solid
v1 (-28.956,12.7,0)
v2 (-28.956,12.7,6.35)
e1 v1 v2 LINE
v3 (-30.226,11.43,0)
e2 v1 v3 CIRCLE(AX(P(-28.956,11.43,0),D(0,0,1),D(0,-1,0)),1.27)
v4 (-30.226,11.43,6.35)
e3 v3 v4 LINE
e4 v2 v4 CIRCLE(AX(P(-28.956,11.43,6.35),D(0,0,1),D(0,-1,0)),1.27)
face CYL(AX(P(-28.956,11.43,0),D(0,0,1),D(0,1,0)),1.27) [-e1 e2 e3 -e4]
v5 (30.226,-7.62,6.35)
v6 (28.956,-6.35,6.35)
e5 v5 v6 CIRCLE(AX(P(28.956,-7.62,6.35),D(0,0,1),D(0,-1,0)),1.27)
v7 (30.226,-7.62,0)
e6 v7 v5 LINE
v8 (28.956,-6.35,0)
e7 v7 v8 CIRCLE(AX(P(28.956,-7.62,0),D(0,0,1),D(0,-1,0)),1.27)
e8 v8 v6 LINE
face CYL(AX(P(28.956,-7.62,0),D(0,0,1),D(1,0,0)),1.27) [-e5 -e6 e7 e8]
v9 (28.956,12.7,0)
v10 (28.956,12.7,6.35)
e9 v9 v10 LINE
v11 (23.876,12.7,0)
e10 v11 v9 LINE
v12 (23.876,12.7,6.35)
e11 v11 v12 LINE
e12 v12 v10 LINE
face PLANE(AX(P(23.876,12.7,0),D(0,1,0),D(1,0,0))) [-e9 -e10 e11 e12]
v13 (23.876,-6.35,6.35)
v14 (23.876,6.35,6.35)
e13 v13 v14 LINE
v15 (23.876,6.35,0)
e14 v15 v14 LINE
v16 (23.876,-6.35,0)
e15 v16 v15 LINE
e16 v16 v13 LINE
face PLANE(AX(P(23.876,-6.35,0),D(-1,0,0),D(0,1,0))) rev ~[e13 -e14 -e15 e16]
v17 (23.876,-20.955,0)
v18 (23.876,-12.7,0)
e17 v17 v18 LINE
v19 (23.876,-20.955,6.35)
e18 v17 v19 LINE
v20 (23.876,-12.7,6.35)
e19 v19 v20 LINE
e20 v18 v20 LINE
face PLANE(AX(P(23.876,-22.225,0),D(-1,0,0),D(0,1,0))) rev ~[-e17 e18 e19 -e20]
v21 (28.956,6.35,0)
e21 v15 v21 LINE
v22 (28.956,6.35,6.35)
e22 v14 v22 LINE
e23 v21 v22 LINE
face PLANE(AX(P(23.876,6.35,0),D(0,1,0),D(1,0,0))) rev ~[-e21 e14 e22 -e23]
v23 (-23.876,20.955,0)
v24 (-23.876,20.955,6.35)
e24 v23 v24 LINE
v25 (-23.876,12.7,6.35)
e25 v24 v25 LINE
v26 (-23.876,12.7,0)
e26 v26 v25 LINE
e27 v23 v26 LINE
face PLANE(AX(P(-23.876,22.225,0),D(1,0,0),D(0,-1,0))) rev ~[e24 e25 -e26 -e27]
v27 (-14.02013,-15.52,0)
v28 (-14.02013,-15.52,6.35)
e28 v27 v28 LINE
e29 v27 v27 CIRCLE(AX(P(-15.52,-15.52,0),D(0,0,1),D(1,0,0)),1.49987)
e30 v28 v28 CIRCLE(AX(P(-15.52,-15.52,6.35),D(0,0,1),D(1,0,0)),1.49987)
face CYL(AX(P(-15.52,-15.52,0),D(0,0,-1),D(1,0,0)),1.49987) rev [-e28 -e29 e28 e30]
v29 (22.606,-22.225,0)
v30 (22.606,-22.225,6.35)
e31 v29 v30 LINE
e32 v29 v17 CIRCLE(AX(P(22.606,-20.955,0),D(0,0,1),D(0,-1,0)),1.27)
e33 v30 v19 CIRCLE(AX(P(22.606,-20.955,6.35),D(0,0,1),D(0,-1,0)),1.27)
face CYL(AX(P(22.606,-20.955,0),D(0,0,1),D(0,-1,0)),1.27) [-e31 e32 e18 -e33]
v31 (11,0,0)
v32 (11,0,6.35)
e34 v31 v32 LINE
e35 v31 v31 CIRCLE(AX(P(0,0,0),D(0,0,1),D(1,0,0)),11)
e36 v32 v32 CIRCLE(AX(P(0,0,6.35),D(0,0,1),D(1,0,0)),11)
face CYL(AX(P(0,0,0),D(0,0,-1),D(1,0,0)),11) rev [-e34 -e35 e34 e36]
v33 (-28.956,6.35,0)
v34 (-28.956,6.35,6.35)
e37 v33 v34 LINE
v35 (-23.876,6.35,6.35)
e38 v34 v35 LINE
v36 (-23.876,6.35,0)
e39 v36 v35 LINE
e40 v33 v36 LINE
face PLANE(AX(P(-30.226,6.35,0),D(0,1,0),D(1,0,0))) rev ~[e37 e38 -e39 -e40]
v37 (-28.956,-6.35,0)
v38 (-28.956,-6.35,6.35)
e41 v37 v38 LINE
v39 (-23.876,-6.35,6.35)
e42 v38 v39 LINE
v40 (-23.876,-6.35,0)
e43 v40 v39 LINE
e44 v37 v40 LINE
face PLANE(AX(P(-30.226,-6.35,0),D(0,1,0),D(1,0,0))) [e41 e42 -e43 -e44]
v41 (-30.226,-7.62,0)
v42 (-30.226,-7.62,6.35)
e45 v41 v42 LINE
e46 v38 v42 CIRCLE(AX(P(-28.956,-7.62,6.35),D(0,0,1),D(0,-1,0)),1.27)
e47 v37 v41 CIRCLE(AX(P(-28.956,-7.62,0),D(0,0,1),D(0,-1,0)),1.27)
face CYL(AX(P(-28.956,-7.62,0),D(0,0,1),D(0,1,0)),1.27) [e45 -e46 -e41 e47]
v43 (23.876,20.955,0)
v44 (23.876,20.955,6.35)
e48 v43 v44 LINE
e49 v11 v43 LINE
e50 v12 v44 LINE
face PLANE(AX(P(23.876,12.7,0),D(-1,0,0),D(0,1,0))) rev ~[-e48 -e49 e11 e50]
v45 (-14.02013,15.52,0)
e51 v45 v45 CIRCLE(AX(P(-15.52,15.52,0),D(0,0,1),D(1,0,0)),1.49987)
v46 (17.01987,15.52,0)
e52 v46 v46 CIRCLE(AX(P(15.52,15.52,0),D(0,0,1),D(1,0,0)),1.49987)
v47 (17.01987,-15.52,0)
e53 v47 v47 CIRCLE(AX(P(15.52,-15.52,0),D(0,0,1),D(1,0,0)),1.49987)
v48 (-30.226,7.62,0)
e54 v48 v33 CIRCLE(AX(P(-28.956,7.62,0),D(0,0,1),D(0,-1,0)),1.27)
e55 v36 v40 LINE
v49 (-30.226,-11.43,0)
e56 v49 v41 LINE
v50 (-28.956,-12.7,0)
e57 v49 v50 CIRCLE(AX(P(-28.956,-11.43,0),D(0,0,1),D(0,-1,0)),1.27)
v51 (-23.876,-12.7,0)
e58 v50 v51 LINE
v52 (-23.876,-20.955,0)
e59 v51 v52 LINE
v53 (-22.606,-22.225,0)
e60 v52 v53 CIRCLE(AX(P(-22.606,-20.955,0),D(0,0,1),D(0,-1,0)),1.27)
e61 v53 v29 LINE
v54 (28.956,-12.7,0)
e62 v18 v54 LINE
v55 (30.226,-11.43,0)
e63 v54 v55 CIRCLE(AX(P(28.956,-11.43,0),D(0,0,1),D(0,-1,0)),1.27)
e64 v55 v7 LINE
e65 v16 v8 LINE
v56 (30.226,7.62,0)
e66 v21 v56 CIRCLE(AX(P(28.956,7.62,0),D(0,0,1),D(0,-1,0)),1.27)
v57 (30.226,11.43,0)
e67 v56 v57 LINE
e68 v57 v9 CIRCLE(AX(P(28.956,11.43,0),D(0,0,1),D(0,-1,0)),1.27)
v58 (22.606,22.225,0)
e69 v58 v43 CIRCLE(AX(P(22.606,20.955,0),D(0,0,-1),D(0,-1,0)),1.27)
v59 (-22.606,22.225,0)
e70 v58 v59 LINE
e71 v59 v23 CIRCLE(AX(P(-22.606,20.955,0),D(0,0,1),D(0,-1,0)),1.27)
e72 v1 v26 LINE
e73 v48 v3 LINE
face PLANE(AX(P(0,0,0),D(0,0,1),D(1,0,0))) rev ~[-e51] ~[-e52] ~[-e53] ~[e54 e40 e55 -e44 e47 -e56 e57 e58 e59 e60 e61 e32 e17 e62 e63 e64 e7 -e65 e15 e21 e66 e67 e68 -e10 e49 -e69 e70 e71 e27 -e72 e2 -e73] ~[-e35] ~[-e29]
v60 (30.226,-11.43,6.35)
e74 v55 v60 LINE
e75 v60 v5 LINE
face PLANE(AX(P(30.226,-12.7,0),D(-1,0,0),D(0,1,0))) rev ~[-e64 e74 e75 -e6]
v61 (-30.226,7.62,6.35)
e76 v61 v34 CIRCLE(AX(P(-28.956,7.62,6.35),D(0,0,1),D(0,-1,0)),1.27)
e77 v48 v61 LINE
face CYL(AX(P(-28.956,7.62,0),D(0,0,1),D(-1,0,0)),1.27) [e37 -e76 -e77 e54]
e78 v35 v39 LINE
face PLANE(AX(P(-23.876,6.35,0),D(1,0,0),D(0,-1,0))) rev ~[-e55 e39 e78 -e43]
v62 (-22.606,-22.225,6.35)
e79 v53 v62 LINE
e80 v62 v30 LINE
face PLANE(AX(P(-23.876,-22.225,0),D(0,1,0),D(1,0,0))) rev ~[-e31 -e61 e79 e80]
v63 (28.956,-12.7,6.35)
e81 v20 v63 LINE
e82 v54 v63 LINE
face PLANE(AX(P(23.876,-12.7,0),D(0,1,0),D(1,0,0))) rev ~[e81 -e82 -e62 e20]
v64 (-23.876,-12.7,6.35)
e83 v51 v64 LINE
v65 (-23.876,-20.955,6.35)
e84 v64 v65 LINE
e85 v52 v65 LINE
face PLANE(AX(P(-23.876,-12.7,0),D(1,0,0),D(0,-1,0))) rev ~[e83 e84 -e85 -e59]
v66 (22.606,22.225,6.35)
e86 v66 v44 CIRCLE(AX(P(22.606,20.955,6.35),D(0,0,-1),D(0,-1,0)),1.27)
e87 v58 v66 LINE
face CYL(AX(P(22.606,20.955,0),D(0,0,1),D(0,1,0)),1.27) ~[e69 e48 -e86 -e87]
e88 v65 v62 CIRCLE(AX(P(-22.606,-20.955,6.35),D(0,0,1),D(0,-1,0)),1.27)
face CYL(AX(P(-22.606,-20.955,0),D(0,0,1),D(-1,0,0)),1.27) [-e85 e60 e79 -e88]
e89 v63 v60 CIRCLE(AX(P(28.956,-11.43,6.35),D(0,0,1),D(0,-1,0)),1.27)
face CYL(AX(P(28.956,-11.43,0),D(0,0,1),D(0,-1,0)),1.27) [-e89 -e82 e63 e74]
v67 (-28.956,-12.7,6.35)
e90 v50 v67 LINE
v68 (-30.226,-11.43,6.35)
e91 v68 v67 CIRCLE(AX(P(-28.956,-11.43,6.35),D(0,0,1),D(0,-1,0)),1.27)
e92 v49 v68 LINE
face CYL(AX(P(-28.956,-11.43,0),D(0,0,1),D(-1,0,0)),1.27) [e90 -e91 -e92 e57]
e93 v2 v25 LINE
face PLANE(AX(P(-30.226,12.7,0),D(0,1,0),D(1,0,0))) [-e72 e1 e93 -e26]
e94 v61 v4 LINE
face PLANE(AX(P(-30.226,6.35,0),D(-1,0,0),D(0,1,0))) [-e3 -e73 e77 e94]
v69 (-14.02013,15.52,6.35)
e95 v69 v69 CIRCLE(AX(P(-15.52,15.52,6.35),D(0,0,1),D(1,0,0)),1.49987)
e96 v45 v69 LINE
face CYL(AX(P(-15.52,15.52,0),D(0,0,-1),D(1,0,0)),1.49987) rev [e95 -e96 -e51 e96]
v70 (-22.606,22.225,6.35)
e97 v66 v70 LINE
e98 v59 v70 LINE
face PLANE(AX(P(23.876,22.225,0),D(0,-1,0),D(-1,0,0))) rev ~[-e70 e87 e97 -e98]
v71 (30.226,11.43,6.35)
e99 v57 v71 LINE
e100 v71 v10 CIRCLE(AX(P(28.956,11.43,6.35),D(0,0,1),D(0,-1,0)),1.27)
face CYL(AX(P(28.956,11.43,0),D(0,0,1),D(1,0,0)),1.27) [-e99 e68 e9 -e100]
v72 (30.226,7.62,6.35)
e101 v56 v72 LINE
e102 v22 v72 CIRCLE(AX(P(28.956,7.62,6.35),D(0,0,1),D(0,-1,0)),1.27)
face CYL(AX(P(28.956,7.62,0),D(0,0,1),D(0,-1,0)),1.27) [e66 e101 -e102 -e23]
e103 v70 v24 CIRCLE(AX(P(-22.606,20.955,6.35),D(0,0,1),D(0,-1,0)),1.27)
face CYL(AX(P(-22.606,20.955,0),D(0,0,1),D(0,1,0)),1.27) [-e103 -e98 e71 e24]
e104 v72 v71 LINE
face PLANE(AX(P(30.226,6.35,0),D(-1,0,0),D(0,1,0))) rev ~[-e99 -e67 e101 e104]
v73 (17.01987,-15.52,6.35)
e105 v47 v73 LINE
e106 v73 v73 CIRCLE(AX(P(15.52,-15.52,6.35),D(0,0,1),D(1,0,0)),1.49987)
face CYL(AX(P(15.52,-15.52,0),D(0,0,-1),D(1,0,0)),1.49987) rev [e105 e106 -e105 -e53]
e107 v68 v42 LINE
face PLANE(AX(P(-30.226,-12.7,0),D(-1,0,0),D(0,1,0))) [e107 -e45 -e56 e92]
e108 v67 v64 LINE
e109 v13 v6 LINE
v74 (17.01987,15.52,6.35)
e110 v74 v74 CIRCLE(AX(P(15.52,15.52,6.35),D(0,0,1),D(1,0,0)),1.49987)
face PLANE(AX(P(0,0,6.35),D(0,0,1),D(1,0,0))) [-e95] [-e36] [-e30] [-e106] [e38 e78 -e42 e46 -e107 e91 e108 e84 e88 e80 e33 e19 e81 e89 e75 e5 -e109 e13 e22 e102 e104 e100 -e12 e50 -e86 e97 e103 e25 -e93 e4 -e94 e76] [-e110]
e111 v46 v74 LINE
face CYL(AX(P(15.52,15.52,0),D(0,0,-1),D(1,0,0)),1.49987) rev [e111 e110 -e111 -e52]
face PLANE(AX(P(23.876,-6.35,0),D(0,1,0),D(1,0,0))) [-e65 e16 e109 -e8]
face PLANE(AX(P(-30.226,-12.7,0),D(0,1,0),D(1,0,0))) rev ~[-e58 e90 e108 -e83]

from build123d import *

# Parameters (mm, degrees)
F0_R     = 1.49987
F0_R_2   = 11
F0_W     = 6.35
F0_H     = 6.35
F1_DEPTH = 6.35
F2_R     = 1.27


with BuildPart() as f1:
    # F0 (on Top) → F1 (new body)
    with BuildSketch(Plane.XY):
        Polygon((23.876, 22.225), (-23.876, 22.225), (-23.876, 12.7), (-23.876, 6.35), (-23.876, -6.35), (-23.876, -12.7), (-23.876, -22.225), (23.876, -22.225), (23.876, -12.7), (23.876, -6.35), (23.876, 6.35), (23.876, 12.7), align=None)
        with Locations((-15.52, -15.52)):
            Circle(F0_R, mode=Mode.SUBTRACT)
        with Locations((15.52, -15.52)):
            Circle(F0_R, mode=Mode.SUBTRACT)
        with Locations((-15.52, 15.52)):
            Circle(F0_R, mode=Mode.SUBTRACT)
        Circle(F0_R_2, mode=Mode.SUBTRACT)
        with Locations((15.52, 15.52)):
            Circle(F0_R, mode=Mode.SUBTRACT)
        with Locations((-27.051, 9.525)):
            Rectangle(F0_W, F0_H)
        with Locations((27.051, 9.525)):
            Rectangle(F0_W, F0_H)
        with Locations((-27.051, -9.525)):
            Rectangle(F0_W, F0_H)
        with Locations((27.051, -9.525)):
            Rectangle(F0_W, F0_H)
    extrude(amount=F1_DEPTH)

    # F2
    f2_edges = [f1.edges().sort_by_distance(p)[0] for p in [
        (-23.876, -22.225, 3.175),
        (23.876, -22.225, 3.175),
        (23.876, 22.225, 3.175),
        (-23.876, 22.225, 3.175),
        (30.226, -12.7, 3.175),
        (30.226, -6.35, 3.175),
        (30.226, 6.35, 3.175),
        (30.226, 12.7, 3.175),
        (-30.226, 12.7, 3.175),
        (-30.226, 6.35, 3.175),
        (-30.226, -6.35, 3.175),
        (-30.226, -12.7, 3.175),
    ]]
    fillet(f2_edges, radius=F2_R)


solid = f1.part
